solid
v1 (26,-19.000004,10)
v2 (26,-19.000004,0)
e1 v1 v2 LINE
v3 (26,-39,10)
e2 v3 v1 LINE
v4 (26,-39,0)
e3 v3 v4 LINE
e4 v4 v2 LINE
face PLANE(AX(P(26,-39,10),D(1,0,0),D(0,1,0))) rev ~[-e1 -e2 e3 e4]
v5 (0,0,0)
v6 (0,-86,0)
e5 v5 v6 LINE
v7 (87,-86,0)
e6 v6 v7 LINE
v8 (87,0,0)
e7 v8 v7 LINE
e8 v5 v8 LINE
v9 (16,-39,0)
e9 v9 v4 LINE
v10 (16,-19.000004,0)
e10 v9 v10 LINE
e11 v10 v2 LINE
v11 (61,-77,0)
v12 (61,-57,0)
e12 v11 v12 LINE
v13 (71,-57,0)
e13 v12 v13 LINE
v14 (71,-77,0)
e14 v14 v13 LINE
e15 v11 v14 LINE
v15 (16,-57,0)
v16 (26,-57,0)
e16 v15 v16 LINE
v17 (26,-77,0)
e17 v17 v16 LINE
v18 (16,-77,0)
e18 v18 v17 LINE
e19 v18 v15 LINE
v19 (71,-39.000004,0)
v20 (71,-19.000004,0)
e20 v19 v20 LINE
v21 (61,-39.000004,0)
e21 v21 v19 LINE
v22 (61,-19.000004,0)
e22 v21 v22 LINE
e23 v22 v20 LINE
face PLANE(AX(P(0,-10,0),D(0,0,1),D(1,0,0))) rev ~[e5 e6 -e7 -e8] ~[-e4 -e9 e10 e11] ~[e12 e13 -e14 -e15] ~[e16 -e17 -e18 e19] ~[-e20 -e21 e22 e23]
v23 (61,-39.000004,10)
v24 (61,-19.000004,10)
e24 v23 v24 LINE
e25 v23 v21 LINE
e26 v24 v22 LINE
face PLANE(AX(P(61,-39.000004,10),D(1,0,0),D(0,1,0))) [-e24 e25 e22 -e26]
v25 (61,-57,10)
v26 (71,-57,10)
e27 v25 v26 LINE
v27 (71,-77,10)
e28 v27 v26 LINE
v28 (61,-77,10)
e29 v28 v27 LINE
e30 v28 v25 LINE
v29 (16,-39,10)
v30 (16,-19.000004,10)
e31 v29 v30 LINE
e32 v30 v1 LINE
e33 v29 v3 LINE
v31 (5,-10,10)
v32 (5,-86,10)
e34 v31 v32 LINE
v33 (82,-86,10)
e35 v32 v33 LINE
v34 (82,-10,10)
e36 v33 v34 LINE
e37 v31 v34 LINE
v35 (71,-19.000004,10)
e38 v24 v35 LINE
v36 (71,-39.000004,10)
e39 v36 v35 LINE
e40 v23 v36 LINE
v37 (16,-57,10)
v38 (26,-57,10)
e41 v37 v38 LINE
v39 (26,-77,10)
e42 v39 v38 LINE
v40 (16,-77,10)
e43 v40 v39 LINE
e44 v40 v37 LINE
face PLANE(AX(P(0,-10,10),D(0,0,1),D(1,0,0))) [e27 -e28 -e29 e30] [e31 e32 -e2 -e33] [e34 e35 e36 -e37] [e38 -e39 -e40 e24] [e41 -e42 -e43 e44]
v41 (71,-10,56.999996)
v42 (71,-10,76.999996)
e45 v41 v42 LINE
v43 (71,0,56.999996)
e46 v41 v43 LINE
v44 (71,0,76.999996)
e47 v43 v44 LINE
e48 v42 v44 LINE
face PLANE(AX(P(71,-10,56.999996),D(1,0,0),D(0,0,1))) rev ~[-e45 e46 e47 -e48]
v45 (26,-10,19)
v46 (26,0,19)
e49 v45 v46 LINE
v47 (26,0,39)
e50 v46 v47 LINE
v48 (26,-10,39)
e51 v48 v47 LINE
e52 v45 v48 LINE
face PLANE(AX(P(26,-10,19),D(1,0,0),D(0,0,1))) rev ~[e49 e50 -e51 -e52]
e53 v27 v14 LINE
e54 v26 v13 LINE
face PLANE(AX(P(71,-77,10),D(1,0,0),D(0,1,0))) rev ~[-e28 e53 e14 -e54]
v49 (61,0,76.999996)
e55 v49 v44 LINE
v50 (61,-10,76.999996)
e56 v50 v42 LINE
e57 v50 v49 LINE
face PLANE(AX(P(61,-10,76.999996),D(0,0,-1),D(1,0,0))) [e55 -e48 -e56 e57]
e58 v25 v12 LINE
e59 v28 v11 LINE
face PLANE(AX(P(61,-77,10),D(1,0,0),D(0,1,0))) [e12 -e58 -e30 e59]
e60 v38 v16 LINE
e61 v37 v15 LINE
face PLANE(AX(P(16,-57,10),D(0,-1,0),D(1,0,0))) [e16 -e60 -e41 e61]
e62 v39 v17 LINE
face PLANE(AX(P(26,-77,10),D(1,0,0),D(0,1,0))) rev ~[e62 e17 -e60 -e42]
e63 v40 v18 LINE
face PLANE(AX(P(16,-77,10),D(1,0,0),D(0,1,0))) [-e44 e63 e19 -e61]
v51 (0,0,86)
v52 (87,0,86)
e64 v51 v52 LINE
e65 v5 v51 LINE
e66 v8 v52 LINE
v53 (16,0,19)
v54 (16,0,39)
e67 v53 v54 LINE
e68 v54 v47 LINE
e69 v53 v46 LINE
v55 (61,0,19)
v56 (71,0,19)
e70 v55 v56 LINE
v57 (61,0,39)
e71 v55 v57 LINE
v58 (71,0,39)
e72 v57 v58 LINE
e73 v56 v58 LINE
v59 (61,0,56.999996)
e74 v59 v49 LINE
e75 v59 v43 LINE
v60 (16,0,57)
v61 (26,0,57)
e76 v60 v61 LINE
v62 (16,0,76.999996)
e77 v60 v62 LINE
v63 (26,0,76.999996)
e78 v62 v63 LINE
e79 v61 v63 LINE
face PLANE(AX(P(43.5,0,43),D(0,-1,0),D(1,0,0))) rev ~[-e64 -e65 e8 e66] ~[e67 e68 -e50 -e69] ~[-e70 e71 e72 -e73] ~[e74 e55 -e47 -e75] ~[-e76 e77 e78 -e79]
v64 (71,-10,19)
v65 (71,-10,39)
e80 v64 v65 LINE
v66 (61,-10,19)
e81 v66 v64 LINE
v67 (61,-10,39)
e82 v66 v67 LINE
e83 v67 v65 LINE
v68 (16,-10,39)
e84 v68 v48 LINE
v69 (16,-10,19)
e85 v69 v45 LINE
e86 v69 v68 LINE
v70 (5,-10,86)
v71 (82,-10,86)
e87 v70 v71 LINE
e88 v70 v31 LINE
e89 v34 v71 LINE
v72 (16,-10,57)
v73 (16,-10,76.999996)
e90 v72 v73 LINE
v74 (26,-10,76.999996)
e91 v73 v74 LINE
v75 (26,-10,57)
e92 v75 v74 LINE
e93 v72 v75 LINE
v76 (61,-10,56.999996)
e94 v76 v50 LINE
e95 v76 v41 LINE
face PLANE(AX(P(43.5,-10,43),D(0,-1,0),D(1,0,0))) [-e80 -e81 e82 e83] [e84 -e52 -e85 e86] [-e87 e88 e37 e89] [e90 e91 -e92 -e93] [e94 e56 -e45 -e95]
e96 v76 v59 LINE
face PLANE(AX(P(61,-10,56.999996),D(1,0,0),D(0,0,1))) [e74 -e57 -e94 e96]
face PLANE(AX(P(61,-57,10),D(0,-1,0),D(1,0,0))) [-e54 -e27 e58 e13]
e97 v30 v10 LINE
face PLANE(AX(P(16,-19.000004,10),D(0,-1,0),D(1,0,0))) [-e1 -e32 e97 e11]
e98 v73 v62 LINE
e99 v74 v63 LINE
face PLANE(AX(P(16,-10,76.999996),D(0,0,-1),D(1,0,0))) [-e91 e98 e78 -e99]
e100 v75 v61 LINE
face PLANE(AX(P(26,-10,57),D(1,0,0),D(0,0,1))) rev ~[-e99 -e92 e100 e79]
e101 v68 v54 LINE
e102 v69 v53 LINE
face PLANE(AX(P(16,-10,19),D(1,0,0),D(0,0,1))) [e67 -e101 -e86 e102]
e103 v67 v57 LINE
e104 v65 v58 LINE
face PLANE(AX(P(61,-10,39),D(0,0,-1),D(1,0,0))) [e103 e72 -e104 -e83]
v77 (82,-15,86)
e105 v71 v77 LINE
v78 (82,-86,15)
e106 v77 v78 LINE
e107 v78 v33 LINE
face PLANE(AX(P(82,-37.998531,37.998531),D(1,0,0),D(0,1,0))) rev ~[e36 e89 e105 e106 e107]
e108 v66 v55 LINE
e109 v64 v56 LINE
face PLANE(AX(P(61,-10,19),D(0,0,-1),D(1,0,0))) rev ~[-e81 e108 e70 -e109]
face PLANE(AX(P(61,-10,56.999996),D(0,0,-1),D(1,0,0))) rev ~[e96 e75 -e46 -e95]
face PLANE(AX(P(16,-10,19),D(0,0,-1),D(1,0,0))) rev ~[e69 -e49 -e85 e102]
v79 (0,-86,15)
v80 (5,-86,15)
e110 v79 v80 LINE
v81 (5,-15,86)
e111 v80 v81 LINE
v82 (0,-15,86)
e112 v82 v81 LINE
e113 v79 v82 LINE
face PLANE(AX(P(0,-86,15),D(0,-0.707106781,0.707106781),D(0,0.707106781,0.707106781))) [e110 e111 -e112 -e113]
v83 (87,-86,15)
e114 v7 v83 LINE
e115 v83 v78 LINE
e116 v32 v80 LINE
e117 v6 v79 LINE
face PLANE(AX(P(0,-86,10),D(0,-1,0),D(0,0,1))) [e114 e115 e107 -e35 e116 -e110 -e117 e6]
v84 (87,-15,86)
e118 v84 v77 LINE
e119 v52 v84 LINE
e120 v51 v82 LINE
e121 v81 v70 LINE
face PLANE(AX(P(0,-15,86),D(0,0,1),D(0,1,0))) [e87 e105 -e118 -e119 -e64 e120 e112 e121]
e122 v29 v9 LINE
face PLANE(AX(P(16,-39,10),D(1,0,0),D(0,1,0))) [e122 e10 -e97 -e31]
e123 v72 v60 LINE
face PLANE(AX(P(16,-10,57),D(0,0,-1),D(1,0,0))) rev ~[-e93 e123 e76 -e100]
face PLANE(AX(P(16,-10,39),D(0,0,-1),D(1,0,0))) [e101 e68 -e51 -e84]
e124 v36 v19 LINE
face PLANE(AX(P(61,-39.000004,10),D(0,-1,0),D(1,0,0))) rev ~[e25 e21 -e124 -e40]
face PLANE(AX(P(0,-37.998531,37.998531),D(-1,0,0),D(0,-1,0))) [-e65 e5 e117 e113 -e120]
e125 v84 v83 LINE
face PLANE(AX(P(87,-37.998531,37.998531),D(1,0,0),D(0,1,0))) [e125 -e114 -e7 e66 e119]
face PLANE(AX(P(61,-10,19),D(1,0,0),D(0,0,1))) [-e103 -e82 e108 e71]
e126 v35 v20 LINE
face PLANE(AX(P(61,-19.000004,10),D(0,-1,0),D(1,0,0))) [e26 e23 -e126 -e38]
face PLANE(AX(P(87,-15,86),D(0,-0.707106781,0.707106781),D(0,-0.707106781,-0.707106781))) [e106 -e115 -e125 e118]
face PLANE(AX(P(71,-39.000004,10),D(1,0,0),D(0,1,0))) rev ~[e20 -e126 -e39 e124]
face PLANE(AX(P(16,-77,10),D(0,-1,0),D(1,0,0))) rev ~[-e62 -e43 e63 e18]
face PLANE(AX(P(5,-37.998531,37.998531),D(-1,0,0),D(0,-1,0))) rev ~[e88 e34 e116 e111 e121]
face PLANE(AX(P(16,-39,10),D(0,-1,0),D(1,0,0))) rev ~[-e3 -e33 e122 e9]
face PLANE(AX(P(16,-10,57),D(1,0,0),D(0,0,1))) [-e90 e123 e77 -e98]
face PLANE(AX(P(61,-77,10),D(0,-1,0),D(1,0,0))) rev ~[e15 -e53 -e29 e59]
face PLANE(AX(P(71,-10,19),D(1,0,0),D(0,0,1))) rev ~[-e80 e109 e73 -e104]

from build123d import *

# Parameters (mm, degrees)
F0_W      = 87
F0_H      = 86
F1_DEPTH  = 10
F2_W      = 87
F2_H      = 10
F3_DEPTH  = 76
F5_DEPTH  = 5
F7_DEPTH  = 5
F8_W      = 10
F8_H      = 19.999996
F8_H_2    = 20
F9_DEPTH  = 25
F10_W     = 10
F10_H     = 19.999996
F10_H_2   = 20
F11_DEPTH = 25


with BuildPart() as f1:
    # F0 (on Front) → F1 (new body)
    with BuildSketch(Plane.XZ):
        with Locations((43.5, 43)):
            Rectangle(F0_W, F0_H)
    extrude(amount=F1_DEPTH)

    # F2 (on face) → F3 (join)
    with BuildSketch(Plane.XZ.offset(10)):
        with Locations((43.5, 5)):
            Rectangle(F2_W, F2_H)
    extrude(amount=F3_DEPTH)

    # F4 (on face) → F5 (join)
    with BuildSketch(Plane.YZ.offset(87)):
        Polygon((-86, 15), (-86, 10), (-10, 10), (-10, 86), (-15, 86), align=None)
    extrude(amount=-F5_DEPTH)

    # F6 (on face) → F7 (join)
    with BuildSketch(Plane(origin=(0, 0, 0), x_dir=(0, -1, 0), z_dir=(-1, 0, 0))):
        Polygon((15, 86), (10, 86), (10, 10), (86, 10), (86, 15), align=None)
    extrude(amount=-F7_DEPTH)

    # F8 (on face) → F9 (cut)
    with BuildSketch(Plane.XZ.offset(10)):
        with Locations((21, 66.999998)):
            Rectangle(F8_W, F8_H)
        with Locations((21, 29)):
            Rectangle(F8_W, F8_H_2)
        with Locations((66, 66.999996)):
            Rectangle(F8_W, F8_H_2)
        with Locations((66, 29)):
            Rectangle(F8_W, F8_H_2)
    extrude(amount=-F9_DEPTH, mode=Mode.SUBTRACT)

    # F10 (on face) → F11 (cut)
    with BuildSketch(Plane.XY.offset(10)):
        with Locations((21, -29.000002)):
            Rectangle(F10_W, F10_H)
        with Locations((66, -29.000004)):
            Rectangle(F10_W, F10_H_2)
        with Locations((66, -67)):
            Rectangle(F10_W, F10_H_2)
        with Locations((21, -67)):
            Rectangle(F10_W, F10_H_2)
    extrude(amount=-F11_DEPTH, mode=Mode.SUBTRACT)


solid = f1.part
